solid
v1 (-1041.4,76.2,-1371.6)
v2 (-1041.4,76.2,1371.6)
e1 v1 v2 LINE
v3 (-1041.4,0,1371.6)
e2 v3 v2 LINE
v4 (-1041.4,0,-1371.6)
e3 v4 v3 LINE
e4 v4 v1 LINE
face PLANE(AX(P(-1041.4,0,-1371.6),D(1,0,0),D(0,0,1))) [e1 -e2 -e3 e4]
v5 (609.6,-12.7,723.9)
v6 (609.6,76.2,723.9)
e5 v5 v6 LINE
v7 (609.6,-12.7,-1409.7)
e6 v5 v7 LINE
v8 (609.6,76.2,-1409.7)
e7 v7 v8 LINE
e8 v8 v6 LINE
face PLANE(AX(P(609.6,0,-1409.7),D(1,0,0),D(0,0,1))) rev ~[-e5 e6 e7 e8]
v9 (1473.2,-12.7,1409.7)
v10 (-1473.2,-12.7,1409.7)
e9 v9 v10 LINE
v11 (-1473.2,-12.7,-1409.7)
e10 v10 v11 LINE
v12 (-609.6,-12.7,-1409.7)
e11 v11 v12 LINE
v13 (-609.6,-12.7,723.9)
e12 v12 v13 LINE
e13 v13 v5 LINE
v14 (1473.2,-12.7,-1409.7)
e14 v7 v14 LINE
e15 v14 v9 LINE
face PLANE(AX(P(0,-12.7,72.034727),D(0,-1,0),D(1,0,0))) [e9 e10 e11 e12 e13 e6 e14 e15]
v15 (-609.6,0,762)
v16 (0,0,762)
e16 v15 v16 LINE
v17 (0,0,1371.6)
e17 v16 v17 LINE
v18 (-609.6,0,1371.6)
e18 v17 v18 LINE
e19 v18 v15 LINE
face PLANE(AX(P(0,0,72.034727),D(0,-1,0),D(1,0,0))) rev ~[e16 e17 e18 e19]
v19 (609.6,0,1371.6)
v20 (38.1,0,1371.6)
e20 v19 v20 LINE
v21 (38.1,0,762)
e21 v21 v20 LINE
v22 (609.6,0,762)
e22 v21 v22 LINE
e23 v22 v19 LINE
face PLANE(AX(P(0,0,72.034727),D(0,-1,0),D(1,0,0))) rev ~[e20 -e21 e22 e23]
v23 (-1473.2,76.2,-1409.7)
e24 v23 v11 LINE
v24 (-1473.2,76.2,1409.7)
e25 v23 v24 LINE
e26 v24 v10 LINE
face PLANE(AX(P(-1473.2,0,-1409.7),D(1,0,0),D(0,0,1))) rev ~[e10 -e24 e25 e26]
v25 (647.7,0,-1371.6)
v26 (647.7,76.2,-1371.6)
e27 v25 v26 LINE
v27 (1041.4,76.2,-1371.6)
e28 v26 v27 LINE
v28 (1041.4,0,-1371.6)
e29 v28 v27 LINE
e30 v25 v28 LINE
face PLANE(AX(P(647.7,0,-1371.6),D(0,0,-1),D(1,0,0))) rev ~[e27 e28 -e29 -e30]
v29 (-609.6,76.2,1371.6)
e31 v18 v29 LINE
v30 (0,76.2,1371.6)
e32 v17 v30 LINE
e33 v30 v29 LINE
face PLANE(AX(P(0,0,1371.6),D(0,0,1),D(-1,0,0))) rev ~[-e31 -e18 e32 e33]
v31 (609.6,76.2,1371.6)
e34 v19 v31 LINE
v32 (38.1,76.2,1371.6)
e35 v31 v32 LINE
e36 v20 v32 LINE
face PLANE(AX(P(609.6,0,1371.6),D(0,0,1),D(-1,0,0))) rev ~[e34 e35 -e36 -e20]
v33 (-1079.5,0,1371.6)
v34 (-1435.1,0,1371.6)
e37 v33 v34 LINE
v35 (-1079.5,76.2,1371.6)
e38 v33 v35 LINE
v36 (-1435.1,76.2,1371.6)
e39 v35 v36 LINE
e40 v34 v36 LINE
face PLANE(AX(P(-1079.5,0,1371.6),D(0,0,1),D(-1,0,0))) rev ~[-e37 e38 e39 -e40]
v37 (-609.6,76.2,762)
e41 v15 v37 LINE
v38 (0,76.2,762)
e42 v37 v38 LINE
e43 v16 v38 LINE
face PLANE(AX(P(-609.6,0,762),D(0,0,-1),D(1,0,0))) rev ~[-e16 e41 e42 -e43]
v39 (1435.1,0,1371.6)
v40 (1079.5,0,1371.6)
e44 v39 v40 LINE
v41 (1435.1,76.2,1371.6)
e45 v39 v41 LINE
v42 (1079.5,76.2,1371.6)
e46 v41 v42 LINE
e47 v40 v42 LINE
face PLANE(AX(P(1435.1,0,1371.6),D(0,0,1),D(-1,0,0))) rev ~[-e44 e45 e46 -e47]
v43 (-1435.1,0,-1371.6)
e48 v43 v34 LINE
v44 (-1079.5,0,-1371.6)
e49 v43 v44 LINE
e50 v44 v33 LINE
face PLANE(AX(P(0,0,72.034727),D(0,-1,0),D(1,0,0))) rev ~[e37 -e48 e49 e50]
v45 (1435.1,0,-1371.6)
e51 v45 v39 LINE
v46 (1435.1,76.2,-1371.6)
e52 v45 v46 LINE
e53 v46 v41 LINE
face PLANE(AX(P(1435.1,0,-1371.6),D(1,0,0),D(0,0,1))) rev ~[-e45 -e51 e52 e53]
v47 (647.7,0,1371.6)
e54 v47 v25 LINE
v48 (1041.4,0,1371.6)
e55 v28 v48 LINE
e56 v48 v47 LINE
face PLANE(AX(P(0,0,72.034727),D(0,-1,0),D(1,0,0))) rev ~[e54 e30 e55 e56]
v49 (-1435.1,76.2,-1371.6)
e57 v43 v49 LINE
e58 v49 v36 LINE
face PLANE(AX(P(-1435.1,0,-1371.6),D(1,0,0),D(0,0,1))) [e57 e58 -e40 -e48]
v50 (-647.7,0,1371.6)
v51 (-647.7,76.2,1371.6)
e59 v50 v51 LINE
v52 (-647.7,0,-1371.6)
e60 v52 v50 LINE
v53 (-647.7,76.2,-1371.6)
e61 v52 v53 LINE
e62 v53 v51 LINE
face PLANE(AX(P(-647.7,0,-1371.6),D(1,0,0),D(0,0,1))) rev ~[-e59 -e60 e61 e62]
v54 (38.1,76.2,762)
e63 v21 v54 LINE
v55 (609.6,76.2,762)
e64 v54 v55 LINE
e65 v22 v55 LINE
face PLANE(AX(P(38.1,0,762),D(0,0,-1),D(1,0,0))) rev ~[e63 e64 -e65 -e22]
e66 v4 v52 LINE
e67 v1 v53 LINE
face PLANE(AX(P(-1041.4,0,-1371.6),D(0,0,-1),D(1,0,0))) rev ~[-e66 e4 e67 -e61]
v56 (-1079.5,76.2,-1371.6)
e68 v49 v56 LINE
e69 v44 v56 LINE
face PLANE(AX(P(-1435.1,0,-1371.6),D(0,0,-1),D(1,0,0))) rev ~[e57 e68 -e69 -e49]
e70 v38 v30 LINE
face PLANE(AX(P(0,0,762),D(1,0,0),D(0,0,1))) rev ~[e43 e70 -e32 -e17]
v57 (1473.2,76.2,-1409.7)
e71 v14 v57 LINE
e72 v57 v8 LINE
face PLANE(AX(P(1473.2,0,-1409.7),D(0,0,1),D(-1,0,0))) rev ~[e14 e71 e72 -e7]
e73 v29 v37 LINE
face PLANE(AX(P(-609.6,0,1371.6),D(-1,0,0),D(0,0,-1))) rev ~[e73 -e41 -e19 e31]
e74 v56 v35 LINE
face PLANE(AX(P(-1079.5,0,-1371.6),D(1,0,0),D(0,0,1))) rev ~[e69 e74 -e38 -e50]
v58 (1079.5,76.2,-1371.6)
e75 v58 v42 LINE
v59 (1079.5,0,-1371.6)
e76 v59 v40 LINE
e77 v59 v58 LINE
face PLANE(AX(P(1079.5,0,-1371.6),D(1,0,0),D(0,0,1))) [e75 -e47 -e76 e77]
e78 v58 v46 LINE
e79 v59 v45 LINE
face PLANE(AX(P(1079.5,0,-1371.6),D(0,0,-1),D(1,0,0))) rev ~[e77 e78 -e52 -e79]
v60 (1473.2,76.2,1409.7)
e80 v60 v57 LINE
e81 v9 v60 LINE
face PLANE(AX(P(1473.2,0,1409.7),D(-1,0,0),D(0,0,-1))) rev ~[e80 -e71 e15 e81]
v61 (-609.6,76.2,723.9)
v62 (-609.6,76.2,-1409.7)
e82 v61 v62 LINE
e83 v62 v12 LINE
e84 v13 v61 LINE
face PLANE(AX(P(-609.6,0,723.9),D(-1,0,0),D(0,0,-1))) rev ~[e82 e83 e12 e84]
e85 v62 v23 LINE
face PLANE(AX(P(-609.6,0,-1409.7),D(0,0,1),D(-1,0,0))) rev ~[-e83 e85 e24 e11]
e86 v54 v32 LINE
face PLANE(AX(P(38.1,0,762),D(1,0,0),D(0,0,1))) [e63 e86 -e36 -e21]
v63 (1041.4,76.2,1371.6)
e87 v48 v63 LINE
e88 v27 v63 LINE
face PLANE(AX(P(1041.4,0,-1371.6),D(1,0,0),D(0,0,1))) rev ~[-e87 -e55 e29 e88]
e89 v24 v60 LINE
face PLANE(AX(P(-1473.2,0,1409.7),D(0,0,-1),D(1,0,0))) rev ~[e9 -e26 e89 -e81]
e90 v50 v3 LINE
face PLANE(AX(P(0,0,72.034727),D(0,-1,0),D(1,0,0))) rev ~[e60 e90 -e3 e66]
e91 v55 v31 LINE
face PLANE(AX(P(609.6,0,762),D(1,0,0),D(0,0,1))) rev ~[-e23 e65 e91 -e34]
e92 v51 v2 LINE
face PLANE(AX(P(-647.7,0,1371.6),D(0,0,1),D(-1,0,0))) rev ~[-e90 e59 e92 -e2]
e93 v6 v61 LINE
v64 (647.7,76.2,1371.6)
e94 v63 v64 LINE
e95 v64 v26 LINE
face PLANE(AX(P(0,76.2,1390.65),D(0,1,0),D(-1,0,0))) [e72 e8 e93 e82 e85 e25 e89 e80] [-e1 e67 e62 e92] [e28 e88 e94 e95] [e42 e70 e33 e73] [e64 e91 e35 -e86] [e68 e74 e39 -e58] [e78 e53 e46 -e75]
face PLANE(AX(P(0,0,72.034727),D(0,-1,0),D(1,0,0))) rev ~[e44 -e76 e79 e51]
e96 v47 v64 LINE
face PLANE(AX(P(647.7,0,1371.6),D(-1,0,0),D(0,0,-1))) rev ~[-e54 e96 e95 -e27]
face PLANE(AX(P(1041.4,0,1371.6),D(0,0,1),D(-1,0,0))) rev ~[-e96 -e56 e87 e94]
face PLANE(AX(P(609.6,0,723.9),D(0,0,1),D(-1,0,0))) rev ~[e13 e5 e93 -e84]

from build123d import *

# Parameters (mm, degrees)
F1_DEPTH = 12.7
F2_W     = 38.1
F2_H     = 2743.2
F2_H_2   = 609.6
F3_DEPTH = 76.2


with BuildPart() as f1:
    # F0 (on Front) → F1 (new body)
    with BuildSketch(Plane.XZ):
        Polygon((1473.2, -1409.7), (1473.2, 1409.7), (-1473.2, 1409.7), (-1473.2, -1409.7), (-609.6, -1409.7), (-609.6, 723.9), (609.6, 723.9), (609.6, -1409.7), align=None)
    extrude(amount=F1_DEPTH)

    # F2 (on face) → F3 (join)
    with BuildSketch(Plane(origin=(0, 0, 0), x_dir=(-1, 0, 0), z_dir=(0, 1, 0))):
        Polygon((1473.2, 1409.7), (-1473.2, 1409.7), (-1473.2, 1371.6), (-1435.1, 1371.6), (-1079.5, 1371.6), (-1041.4, 1371.6), (-647.7, 1371.6), (-609.6, 1371.6), (-38.1, 1371.6), (0, 1371.6), (609.6, 1371.6), (647.7, 1371.6), (1041.4, 1371.6), (1079.5, 1371.6), (1435.1, 1371.6), (1473.2, 1371.6), align=None)
        with Locations((-1454.15, 0)):
            Rectangle(F2_W, F2_H)
        with Locations((1454.15, 0)):
            Rectangle(F2_W, F2_H)
        Polygon((-1435.1, -1371.6), (-1473.2, -1371.6), (-1473.2, -1409.7), (-609.6, -1409.7), (-609.6, -1371.6), (-647.7, -1371.6), (-1041.4, -1371.6), (-1079.5, -1371.6), align=None)
        Polygon((1473.2, -1409.7), (1473.2, -1371.6), (1435.1, -1371.6), (1079.5, -1371.6), (1041.4, -1371.6), (647.7, -1371.6), (609.6, -1371.6), (609.6, -1409.7), align=None)
        Polygon((-609.6, 1371.6), (-647.7, 1371.6), (-647.7, -1371.6), (-609.6, -1371.6), (-609.6, 723.9), (-609.6, 762), align=None)
        Polygon((647.7, -1371.6), (647.7, 1371.6), (609.6, 1371.6), (609.6, 762), (609.6, 723.9), (609.6, -1371.6), align=None)
        Polygon((-609.6, 762), (-609.6, 723.9), (609.6, 723.9), (609.6, 762), (0, 762), (-38.1, 762), align=None)
        with Locations((-1060.45, 0)):
            Rectangle(F2_W, F2_H)
        with Locations((1060.45, 0)):
            Rectangle(F2_W, F2_H)
        with Locations((-19.05, 1066.8)):
            Rectangle(F2_W, F2_H_2)
    extrude(amount=F3_DEPTH)


solid = f1.part
